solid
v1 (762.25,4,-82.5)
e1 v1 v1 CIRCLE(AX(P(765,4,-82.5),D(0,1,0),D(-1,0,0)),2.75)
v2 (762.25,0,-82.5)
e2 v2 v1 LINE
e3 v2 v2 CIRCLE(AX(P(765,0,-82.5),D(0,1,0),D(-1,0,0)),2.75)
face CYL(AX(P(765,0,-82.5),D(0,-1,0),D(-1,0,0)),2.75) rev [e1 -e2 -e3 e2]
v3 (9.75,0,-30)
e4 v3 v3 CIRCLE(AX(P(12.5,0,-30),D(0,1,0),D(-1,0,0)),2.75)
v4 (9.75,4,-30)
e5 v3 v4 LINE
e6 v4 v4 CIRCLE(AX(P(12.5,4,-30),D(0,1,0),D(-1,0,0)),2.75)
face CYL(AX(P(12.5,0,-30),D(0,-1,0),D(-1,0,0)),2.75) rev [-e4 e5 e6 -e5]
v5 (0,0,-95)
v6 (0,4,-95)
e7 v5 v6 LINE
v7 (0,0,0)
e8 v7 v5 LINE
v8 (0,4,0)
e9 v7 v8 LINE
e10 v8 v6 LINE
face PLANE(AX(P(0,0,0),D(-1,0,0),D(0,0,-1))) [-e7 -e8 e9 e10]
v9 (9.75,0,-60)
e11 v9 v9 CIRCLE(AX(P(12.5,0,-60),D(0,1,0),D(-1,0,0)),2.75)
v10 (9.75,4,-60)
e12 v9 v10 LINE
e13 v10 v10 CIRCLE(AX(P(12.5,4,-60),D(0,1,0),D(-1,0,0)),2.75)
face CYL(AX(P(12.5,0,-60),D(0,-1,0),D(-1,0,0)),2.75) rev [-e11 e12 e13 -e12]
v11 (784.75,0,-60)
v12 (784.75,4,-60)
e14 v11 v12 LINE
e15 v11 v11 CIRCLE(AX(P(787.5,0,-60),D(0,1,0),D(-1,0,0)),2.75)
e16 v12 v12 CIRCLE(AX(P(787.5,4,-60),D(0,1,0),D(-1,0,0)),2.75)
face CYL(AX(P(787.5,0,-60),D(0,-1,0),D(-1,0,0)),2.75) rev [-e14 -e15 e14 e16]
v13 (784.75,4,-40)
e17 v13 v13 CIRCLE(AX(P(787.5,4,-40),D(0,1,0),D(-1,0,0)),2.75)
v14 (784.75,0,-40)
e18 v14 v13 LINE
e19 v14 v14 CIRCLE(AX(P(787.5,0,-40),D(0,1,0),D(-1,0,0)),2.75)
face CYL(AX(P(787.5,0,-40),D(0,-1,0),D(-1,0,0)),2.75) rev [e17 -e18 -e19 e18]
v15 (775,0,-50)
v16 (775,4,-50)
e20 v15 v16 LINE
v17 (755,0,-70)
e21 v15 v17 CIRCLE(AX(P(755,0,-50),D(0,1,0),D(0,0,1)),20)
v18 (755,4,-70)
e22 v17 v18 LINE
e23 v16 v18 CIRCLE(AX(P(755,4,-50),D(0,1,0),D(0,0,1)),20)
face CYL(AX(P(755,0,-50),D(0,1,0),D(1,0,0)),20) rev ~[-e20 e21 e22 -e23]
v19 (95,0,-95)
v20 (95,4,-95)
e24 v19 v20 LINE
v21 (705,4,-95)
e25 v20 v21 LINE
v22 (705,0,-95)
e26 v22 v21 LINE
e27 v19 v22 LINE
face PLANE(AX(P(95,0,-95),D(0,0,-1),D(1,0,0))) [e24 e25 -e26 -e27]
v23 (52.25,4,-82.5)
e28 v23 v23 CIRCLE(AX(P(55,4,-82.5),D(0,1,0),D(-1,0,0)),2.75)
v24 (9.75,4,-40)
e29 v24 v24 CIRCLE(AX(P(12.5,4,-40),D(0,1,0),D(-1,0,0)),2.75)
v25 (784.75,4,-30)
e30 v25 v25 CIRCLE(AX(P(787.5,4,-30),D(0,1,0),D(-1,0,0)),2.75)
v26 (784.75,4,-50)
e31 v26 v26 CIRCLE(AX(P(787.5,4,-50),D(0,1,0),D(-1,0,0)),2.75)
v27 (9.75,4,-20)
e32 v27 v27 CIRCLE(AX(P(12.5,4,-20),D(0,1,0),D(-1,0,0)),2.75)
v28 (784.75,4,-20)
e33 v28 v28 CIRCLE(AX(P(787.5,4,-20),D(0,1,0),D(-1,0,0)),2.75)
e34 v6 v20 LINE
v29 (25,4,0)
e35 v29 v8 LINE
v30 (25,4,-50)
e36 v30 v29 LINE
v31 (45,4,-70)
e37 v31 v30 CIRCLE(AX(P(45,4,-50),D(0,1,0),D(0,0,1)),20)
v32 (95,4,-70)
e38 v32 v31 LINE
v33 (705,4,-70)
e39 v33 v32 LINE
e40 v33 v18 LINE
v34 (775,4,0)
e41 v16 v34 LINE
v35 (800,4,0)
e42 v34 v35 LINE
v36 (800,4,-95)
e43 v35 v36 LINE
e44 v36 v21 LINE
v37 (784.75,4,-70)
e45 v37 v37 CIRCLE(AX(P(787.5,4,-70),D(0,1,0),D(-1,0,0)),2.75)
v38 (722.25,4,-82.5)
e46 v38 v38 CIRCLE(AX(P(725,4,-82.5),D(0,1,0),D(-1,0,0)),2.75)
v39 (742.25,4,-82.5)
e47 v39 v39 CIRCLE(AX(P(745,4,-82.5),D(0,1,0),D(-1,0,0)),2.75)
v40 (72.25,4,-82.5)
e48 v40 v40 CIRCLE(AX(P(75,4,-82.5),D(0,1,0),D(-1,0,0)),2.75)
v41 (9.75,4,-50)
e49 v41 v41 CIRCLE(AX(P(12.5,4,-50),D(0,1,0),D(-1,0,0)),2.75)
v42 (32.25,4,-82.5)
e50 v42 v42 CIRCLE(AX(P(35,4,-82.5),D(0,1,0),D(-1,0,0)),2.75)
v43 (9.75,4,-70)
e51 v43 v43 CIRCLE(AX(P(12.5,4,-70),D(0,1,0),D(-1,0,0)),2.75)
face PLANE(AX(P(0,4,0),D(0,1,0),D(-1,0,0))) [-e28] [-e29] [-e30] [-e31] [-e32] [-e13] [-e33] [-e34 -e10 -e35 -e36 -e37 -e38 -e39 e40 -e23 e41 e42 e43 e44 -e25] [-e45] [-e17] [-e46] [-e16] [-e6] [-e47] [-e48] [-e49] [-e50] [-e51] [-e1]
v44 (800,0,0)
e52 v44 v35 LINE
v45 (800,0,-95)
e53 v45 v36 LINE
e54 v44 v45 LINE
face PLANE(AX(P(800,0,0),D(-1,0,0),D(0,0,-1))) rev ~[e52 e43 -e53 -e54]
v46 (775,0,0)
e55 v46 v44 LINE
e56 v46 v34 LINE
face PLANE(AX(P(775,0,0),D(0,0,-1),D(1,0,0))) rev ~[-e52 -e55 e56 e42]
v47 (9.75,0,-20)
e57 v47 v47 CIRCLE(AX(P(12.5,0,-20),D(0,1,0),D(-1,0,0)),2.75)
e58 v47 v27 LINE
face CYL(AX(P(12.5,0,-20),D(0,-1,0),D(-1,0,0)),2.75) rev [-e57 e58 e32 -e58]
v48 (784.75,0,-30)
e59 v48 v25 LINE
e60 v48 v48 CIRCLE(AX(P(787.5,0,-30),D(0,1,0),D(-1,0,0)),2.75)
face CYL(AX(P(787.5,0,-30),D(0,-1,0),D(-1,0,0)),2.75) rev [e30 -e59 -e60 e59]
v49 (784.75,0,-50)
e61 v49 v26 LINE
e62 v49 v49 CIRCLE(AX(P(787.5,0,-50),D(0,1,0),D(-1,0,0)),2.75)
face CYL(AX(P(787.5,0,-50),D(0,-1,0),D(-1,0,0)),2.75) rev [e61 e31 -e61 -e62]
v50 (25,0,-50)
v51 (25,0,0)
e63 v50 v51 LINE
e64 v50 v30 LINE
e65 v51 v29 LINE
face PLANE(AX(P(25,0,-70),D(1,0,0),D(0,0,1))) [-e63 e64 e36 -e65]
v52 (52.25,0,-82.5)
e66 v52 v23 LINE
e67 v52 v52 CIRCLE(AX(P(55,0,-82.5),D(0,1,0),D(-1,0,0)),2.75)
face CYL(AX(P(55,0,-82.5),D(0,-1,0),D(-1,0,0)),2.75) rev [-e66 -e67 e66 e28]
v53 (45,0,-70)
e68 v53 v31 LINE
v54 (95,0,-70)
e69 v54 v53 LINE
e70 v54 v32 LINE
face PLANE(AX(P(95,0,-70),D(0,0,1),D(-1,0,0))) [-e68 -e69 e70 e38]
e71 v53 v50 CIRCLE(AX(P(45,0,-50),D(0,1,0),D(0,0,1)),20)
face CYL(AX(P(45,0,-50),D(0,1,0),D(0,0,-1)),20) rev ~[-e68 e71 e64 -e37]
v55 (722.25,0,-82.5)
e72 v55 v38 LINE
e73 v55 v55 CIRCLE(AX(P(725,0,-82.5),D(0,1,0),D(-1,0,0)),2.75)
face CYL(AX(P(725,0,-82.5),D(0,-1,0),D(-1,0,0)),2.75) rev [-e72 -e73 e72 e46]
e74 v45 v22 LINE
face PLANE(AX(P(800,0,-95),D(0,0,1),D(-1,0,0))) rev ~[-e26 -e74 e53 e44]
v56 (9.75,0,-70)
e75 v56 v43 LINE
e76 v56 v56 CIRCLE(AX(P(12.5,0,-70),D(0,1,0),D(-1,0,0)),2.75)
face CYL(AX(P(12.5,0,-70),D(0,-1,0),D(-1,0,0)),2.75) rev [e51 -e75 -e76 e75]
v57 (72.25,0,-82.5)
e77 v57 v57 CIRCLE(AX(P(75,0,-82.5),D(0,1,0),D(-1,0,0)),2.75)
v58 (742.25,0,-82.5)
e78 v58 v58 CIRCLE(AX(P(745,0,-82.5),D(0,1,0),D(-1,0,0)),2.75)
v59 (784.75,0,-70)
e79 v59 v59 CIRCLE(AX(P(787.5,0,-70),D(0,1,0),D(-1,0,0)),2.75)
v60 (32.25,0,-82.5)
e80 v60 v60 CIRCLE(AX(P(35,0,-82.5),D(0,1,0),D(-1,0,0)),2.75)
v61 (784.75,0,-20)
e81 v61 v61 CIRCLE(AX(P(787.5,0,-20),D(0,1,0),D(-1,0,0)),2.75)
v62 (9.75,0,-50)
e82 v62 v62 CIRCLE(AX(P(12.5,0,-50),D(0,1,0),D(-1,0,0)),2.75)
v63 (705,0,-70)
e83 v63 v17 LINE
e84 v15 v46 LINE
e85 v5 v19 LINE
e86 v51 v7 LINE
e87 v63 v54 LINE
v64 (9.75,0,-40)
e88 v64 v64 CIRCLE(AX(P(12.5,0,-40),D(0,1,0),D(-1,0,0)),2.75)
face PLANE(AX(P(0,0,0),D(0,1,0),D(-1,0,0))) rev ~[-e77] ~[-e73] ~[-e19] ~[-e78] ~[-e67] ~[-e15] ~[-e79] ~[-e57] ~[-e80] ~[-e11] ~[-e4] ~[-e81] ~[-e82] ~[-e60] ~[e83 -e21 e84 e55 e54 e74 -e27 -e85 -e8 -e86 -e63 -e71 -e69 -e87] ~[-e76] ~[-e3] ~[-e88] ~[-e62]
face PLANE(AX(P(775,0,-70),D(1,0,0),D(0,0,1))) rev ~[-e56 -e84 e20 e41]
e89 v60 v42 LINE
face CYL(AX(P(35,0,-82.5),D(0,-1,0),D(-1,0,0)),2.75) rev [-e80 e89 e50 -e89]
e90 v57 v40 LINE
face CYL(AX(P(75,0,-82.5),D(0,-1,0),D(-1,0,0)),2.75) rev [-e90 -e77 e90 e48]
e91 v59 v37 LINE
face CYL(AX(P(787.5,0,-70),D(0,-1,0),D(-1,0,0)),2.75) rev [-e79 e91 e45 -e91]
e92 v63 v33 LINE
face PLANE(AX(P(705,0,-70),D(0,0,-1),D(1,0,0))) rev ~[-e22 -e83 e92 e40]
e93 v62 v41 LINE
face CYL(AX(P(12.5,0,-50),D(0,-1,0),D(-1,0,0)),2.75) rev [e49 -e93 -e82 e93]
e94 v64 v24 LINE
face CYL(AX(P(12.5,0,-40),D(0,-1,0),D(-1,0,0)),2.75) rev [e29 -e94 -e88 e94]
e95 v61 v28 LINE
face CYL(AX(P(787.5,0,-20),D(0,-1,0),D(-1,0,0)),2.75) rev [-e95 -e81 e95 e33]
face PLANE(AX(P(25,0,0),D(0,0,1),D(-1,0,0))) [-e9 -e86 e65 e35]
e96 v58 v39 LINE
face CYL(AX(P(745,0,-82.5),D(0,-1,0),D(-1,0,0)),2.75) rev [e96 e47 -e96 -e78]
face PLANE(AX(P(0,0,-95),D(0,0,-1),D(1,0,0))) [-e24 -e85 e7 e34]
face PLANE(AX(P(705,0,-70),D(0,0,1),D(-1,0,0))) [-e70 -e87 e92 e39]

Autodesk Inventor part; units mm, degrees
ref_plane "YZ Plane" through (0, 0, 0) normal (1, 0, 0) x (0, 1, 0)
ref_plane "XZ Plane" through (0, 0, 0) normal (0, 1, 0) x (-1, 0, 0)
ref_plane "XY Plane" through (0, 0, 0) normal (0, 0, 1) x (1, 0, 0)
sketch "Sketch1" plane through (0, 0, 0) normal (0, 1, 0) x (-1, 0, 0)
  line L0 (0, 0) -> (0, -95)
  line L1 (0, -95) -> (-95, -95)
  line L2 (-95, -95) -> (-95, -70) construction
  line L3 (-95, -70) -> (-25, -70)
  line L4 (-25, -70) -> (-25, 0)
  line L5 (-25, 0) -> (0, 0)
  circle A0 centre (-12.5, -20) radius 2.75
  line L6 (-12.5, 0) -> (-12.5, -95) construction
  circle A1 centre (-12.5, -40) radius 2.75
  circle A2 centre (-12.5, -60) radius 2.75
  line L7 (-95, -82.5) -> (0, -82.5) construction
  circle A3 centre (-35, -82.5) radius 2.75
  circle A4 centre (-55, -82.5) radius 2.75
  circle A5 centre (-75, -82.5) radius 2.75
  circle A6 centre (-12.5, -30) radius 2.75
  circle A7 centre (-12.5, -50) radius 2.75
  circle A8 centre (-12.5, -70) radius 2.75
  line L8 (-400, -139.4226) -> (-400, 36.9661) construction
  line L9 (-800, 0) -> (-800, -95)
  line L10 (-800, -95) -> (-705, -95)
  line L11 (-705, -95) -> (-705, -70) construction
  line L12 (-705, -70) -> (-775, -70)
  line L13 (-775, -70) -> (-775, 0)
  line L14 (-775, 0) -> (-800, 0)
  circle A9 centre (-787.5, -20) radius 2.75
  line L15 (-787.5, 0) -> (-787.5, -95) construction
  circle A10 centre (-787.5, -40) radius 2.75
  circle A11 centre (-787.5, -60) radius 2.75
  line L16 (-705, -82.5) -> (-800, -82.5) construction
  circle A12 centre (-765, -82.5) radius 2.75
  circle A13 centre (-745, -82.5) radius 2.75
  circle A14 centre (-725, -82.5) radius 2.75
  circle A15 centre (-787.5, -30) radius 2.75
  circle A16 centre (-787.5, -50) radius 2.75
  circle A17 centre (-787.5, -70) radius 2.75
  line L17 (-95, -95) -> (-705, -95)
  line L18 (-705, -70) -> (-95, -70)
  dimension "d0" = 25
  dimension "d1" = 70
  dimension "d2" = 25
  dimension "d3" = 70
  dimension "d4" = 5.5
  dimension "d5" = 20
  dimension "d6" = 5.5
  dimension "d7" = 5.5
  dimension "d8" = 20
  dimension "d9" = 20
  dimension "d12" = 5.5
  dimension "d13" = 35
  dimension "d14" = 5.5
  dimension "d15" = 20
  dimension "d16" = 5.5
  dimension "d17" = 20
  dimension "d22" = 10
  dimension "d28" = 400
extrude "Extrusion1" add sketch "Sketch1" along normal blind 4
fillet "Fillet1" radius 20 2 edges at (25, 2, -70) (775, 2, -70)
properties part number "Brace 1" material "CFRP"
